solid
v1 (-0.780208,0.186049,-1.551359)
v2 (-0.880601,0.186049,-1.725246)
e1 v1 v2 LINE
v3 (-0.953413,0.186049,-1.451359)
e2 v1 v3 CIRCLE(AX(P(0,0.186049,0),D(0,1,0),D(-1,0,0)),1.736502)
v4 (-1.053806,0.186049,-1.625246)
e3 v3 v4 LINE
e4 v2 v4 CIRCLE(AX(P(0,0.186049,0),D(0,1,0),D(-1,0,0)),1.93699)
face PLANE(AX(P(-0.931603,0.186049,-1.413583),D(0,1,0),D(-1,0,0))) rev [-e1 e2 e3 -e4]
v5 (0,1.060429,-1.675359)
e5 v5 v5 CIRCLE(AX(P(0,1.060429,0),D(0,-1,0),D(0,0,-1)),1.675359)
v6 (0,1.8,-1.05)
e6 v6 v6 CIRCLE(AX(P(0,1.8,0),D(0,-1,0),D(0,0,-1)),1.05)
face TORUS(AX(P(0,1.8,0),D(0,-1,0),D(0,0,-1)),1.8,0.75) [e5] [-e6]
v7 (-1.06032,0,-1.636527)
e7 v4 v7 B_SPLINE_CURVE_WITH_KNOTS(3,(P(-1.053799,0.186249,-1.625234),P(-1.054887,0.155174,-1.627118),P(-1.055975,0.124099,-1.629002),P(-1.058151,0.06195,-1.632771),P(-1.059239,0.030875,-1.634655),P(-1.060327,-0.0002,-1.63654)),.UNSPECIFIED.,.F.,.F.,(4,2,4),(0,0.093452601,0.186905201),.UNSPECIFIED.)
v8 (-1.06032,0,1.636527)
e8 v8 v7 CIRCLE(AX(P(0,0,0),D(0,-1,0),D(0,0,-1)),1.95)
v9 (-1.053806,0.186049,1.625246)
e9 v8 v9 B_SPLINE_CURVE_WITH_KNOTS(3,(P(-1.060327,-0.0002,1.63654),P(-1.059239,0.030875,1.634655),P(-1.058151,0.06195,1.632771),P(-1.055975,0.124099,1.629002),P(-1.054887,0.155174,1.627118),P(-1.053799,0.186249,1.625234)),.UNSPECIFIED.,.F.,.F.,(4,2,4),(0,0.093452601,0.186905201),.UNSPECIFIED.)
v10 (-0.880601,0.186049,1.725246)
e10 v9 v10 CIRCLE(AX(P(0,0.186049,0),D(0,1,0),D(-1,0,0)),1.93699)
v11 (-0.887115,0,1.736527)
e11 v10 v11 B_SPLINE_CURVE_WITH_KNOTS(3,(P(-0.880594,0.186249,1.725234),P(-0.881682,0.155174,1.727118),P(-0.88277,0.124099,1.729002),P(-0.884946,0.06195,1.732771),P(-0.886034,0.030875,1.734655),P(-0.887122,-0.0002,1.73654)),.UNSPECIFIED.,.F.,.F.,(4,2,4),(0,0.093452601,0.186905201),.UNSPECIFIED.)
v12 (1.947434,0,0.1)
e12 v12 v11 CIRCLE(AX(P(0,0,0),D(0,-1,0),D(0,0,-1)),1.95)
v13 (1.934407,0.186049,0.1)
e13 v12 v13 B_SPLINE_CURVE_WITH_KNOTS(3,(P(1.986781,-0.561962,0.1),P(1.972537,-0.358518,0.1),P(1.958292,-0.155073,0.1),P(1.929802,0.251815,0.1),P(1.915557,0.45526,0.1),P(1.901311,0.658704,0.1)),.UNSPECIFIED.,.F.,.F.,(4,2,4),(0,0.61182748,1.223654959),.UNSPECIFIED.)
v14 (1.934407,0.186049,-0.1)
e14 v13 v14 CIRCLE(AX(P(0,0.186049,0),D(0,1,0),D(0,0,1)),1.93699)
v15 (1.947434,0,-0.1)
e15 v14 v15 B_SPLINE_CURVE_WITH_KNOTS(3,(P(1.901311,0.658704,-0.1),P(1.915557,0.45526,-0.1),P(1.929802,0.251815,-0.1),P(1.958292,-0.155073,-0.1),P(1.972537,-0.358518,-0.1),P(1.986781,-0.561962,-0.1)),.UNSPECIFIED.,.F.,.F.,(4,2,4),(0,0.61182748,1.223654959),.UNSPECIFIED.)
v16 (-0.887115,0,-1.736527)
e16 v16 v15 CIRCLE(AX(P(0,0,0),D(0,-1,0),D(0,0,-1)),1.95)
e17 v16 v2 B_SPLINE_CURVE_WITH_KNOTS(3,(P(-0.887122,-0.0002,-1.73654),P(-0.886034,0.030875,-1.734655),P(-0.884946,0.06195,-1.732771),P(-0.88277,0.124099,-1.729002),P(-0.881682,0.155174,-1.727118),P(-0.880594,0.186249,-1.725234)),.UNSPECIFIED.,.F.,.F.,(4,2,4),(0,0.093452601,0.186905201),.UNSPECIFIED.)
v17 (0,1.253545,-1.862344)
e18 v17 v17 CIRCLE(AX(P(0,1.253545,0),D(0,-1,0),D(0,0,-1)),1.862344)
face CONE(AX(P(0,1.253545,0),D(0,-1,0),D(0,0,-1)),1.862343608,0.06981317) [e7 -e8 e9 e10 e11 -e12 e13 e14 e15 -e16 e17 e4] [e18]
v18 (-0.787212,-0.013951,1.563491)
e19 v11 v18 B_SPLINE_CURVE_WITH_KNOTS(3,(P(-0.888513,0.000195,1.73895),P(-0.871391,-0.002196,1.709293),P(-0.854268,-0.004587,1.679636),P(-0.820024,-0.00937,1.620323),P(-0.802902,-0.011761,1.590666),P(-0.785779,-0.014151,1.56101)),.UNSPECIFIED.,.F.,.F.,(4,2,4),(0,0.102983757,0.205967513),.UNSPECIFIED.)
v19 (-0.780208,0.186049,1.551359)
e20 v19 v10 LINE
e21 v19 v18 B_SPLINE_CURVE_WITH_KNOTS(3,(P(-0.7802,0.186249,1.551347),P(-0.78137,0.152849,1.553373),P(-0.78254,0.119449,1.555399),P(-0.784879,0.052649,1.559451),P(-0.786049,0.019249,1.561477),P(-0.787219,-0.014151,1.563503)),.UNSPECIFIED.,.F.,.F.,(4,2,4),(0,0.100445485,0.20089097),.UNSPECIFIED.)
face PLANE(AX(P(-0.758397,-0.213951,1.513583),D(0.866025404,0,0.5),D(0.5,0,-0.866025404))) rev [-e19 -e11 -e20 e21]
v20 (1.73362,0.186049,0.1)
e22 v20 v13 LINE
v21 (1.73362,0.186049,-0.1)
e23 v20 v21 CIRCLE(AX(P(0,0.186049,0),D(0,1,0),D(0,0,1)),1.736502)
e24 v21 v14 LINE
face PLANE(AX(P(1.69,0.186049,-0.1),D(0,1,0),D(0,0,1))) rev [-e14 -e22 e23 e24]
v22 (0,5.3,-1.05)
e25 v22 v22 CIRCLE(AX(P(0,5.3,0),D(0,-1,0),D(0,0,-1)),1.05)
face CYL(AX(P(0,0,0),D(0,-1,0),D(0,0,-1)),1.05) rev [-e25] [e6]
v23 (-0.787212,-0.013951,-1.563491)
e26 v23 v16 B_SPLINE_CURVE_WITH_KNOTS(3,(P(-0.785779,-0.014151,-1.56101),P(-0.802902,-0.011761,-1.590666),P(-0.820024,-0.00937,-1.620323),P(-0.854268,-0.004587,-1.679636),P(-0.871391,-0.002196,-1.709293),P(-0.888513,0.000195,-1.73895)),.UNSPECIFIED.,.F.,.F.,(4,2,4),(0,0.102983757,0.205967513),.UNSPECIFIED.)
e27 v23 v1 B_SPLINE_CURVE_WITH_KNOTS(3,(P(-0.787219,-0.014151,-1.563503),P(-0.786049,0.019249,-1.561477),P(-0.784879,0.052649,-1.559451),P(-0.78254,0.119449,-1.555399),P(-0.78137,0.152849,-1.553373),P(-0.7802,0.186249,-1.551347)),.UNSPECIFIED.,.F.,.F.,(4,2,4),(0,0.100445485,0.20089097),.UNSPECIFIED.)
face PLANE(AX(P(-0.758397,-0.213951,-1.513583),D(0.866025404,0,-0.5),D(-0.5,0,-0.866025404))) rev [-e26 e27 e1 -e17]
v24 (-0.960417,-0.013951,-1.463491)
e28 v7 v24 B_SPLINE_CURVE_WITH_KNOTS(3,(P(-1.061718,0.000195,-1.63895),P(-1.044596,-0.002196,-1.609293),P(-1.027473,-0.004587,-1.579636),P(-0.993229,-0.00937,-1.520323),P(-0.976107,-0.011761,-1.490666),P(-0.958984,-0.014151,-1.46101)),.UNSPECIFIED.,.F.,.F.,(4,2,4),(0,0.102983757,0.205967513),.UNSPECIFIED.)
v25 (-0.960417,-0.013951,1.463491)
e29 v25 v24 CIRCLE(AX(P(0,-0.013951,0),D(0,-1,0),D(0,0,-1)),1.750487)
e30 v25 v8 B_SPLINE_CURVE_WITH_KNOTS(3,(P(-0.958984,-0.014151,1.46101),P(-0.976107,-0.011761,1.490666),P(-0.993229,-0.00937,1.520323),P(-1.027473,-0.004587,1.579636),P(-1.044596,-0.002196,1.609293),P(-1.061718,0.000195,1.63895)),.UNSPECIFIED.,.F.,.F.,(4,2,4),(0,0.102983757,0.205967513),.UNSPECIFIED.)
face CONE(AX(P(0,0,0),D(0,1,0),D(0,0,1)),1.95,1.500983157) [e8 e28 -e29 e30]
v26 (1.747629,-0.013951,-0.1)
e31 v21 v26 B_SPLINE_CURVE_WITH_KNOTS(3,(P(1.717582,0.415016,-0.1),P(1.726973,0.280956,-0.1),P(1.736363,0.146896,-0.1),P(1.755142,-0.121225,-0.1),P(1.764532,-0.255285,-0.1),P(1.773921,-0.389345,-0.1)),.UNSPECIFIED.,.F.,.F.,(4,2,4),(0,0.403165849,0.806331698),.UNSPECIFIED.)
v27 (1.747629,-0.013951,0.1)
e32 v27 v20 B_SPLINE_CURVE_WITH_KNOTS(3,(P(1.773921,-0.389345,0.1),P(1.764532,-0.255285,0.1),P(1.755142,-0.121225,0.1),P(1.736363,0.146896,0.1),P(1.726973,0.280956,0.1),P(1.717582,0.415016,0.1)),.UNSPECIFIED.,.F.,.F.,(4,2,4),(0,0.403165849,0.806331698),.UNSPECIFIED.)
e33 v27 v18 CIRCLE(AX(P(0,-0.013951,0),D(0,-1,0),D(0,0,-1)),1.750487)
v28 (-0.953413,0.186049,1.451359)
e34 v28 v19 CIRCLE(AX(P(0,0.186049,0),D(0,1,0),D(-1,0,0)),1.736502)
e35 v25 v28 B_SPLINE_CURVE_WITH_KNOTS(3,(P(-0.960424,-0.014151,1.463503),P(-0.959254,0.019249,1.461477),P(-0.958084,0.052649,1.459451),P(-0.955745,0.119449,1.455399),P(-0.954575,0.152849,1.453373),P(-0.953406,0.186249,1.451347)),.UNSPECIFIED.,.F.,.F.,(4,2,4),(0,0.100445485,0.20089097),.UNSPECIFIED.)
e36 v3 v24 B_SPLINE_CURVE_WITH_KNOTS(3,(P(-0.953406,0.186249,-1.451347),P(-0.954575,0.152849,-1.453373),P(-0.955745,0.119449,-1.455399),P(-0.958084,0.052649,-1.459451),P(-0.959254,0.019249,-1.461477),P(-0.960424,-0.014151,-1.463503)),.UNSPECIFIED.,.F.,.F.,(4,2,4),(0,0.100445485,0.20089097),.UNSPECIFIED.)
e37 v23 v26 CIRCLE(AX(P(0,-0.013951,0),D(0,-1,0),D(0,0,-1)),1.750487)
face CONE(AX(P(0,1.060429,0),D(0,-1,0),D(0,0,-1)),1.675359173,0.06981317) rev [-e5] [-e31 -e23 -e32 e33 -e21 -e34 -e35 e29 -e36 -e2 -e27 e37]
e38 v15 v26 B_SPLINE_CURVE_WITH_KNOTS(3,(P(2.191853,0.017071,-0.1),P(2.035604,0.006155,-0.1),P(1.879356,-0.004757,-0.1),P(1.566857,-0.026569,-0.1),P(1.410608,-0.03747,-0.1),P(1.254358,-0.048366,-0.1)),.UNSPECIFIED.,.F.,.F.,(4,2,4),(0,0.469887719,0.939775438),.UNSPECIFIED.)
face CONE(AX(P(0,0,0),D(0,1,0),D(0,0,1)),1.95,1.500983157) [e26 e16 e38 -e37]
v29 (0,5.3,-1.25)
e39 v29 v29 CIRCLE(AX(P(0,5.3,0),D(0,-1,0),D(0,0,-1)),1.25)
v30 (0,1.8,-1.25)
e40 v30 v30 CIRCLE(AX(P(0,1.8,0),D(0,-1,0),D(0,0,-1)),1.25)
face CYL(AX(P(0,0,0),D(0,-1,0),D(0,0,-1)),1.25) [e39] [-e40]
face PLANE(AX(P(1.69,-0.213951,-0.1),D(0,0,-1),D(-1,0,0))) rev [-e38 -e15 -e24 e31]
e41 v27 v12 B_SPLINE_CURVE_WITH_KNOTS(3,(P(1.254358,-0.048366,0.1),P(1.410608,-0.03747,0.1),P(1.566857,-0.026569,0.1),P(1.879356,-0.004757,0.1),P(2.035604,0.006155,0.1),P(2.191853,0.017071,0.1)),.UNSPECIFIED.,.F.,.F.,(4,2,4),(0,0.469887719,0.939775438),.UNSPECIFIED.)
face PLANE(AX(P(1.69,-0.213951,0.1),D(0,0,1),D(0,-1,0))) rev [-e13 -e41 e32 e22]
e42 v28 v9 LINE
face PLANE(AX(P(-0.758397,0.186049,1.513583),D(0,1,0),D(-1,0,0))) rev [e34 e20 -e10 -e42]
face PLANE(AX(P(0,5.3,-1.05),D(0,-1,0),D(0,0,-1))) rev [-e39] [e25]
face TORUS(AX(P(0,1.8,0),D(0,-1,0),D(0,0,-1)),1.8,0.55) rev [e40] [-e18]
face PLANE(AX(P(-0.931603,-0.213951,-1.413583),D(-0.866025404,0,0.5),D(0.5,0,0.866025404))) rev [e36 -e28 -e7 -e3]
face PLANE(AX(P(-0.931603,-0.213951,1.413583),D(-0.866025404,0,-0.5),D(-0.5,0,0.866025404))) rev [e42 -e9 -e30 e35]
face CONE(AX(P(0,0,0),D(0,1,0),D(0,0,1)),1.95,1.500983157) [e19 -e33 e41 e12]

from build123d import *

# Parameters (mm, degrees)
SZKIC8_W                    = 0.2
SZKIC8_H                    = 0.4
WYTNIJ_WYCI_GNI_CIE11_DEPTH = 0.26
SZYK_KO_OWY1_COUNT          = 3


with BuildPart() as part:
    # Szkic2 → Obrót-cienka ścianka3 (revolve)
    with BuildSketch(Plane(origin=(0, 0, 0), x_dir=(0, 0, -1), z_dir=(1, 0, 0))):
        with BuildLine():
            Line((1.25, 5.3), (1.25, 1.8))
            ThreePointArc((1.25, 1.8), (1.433795811, 1.38964102), (1.862343608, 1.25354481))
            Line((1.862343608, 1.25354481), (1.95, 0))
            Line((1.95, 0), (1.75048719, -0.013951295))
            Line((1.75048719, -0.013951295), (1.675359173, 1.060429406))
            ThreePointArc((1.675359173, 1.060429406), (1.227295617, 1.315737995), (1.05, 1.8))
            Line((1.05, 1.8), (1.05, 5.3))
            Line((1.05, 5.3), (1.25, 5.3))
        make_face()
    revolve(axis=Axis((0, 0, 0), (0, 1, 0)))

    # Szkic8 → Wytnij-wyciągnięcie11 (cut)
    with BuildSketch(Plane(origin=(1.95, 0, 0), x_dir=(0, 0, -1), z_dir=(1, 0, 0))):
        with Locations((0, -0.013951295)):
            Rectangle(SZKIC8_W, SZKIC8_H)
    wytnij_wyci_gni_cie11 = extrude(amount=-WYTNIJ_WYCI_GNI_CIE11_DEPTH, mode=Mode.SUBTRACT)

    # Szyk kołowy1: Wytnij-wyciągnięcie11 ×3 about axis
    szyk_ko_owy1_axis = Axis((0, 0, 0), (0, 1, 0))
    for i in range(1, SZYK_KO_OWY1_COUNT):
        add(wytnij_wyci_gni_cie11.rotate(szyk_ko_owy1_axis, i * 360 / SZYK_KO_OWY1_COUNT), mode=Mode.SUBTRACT)


solid = part.part
